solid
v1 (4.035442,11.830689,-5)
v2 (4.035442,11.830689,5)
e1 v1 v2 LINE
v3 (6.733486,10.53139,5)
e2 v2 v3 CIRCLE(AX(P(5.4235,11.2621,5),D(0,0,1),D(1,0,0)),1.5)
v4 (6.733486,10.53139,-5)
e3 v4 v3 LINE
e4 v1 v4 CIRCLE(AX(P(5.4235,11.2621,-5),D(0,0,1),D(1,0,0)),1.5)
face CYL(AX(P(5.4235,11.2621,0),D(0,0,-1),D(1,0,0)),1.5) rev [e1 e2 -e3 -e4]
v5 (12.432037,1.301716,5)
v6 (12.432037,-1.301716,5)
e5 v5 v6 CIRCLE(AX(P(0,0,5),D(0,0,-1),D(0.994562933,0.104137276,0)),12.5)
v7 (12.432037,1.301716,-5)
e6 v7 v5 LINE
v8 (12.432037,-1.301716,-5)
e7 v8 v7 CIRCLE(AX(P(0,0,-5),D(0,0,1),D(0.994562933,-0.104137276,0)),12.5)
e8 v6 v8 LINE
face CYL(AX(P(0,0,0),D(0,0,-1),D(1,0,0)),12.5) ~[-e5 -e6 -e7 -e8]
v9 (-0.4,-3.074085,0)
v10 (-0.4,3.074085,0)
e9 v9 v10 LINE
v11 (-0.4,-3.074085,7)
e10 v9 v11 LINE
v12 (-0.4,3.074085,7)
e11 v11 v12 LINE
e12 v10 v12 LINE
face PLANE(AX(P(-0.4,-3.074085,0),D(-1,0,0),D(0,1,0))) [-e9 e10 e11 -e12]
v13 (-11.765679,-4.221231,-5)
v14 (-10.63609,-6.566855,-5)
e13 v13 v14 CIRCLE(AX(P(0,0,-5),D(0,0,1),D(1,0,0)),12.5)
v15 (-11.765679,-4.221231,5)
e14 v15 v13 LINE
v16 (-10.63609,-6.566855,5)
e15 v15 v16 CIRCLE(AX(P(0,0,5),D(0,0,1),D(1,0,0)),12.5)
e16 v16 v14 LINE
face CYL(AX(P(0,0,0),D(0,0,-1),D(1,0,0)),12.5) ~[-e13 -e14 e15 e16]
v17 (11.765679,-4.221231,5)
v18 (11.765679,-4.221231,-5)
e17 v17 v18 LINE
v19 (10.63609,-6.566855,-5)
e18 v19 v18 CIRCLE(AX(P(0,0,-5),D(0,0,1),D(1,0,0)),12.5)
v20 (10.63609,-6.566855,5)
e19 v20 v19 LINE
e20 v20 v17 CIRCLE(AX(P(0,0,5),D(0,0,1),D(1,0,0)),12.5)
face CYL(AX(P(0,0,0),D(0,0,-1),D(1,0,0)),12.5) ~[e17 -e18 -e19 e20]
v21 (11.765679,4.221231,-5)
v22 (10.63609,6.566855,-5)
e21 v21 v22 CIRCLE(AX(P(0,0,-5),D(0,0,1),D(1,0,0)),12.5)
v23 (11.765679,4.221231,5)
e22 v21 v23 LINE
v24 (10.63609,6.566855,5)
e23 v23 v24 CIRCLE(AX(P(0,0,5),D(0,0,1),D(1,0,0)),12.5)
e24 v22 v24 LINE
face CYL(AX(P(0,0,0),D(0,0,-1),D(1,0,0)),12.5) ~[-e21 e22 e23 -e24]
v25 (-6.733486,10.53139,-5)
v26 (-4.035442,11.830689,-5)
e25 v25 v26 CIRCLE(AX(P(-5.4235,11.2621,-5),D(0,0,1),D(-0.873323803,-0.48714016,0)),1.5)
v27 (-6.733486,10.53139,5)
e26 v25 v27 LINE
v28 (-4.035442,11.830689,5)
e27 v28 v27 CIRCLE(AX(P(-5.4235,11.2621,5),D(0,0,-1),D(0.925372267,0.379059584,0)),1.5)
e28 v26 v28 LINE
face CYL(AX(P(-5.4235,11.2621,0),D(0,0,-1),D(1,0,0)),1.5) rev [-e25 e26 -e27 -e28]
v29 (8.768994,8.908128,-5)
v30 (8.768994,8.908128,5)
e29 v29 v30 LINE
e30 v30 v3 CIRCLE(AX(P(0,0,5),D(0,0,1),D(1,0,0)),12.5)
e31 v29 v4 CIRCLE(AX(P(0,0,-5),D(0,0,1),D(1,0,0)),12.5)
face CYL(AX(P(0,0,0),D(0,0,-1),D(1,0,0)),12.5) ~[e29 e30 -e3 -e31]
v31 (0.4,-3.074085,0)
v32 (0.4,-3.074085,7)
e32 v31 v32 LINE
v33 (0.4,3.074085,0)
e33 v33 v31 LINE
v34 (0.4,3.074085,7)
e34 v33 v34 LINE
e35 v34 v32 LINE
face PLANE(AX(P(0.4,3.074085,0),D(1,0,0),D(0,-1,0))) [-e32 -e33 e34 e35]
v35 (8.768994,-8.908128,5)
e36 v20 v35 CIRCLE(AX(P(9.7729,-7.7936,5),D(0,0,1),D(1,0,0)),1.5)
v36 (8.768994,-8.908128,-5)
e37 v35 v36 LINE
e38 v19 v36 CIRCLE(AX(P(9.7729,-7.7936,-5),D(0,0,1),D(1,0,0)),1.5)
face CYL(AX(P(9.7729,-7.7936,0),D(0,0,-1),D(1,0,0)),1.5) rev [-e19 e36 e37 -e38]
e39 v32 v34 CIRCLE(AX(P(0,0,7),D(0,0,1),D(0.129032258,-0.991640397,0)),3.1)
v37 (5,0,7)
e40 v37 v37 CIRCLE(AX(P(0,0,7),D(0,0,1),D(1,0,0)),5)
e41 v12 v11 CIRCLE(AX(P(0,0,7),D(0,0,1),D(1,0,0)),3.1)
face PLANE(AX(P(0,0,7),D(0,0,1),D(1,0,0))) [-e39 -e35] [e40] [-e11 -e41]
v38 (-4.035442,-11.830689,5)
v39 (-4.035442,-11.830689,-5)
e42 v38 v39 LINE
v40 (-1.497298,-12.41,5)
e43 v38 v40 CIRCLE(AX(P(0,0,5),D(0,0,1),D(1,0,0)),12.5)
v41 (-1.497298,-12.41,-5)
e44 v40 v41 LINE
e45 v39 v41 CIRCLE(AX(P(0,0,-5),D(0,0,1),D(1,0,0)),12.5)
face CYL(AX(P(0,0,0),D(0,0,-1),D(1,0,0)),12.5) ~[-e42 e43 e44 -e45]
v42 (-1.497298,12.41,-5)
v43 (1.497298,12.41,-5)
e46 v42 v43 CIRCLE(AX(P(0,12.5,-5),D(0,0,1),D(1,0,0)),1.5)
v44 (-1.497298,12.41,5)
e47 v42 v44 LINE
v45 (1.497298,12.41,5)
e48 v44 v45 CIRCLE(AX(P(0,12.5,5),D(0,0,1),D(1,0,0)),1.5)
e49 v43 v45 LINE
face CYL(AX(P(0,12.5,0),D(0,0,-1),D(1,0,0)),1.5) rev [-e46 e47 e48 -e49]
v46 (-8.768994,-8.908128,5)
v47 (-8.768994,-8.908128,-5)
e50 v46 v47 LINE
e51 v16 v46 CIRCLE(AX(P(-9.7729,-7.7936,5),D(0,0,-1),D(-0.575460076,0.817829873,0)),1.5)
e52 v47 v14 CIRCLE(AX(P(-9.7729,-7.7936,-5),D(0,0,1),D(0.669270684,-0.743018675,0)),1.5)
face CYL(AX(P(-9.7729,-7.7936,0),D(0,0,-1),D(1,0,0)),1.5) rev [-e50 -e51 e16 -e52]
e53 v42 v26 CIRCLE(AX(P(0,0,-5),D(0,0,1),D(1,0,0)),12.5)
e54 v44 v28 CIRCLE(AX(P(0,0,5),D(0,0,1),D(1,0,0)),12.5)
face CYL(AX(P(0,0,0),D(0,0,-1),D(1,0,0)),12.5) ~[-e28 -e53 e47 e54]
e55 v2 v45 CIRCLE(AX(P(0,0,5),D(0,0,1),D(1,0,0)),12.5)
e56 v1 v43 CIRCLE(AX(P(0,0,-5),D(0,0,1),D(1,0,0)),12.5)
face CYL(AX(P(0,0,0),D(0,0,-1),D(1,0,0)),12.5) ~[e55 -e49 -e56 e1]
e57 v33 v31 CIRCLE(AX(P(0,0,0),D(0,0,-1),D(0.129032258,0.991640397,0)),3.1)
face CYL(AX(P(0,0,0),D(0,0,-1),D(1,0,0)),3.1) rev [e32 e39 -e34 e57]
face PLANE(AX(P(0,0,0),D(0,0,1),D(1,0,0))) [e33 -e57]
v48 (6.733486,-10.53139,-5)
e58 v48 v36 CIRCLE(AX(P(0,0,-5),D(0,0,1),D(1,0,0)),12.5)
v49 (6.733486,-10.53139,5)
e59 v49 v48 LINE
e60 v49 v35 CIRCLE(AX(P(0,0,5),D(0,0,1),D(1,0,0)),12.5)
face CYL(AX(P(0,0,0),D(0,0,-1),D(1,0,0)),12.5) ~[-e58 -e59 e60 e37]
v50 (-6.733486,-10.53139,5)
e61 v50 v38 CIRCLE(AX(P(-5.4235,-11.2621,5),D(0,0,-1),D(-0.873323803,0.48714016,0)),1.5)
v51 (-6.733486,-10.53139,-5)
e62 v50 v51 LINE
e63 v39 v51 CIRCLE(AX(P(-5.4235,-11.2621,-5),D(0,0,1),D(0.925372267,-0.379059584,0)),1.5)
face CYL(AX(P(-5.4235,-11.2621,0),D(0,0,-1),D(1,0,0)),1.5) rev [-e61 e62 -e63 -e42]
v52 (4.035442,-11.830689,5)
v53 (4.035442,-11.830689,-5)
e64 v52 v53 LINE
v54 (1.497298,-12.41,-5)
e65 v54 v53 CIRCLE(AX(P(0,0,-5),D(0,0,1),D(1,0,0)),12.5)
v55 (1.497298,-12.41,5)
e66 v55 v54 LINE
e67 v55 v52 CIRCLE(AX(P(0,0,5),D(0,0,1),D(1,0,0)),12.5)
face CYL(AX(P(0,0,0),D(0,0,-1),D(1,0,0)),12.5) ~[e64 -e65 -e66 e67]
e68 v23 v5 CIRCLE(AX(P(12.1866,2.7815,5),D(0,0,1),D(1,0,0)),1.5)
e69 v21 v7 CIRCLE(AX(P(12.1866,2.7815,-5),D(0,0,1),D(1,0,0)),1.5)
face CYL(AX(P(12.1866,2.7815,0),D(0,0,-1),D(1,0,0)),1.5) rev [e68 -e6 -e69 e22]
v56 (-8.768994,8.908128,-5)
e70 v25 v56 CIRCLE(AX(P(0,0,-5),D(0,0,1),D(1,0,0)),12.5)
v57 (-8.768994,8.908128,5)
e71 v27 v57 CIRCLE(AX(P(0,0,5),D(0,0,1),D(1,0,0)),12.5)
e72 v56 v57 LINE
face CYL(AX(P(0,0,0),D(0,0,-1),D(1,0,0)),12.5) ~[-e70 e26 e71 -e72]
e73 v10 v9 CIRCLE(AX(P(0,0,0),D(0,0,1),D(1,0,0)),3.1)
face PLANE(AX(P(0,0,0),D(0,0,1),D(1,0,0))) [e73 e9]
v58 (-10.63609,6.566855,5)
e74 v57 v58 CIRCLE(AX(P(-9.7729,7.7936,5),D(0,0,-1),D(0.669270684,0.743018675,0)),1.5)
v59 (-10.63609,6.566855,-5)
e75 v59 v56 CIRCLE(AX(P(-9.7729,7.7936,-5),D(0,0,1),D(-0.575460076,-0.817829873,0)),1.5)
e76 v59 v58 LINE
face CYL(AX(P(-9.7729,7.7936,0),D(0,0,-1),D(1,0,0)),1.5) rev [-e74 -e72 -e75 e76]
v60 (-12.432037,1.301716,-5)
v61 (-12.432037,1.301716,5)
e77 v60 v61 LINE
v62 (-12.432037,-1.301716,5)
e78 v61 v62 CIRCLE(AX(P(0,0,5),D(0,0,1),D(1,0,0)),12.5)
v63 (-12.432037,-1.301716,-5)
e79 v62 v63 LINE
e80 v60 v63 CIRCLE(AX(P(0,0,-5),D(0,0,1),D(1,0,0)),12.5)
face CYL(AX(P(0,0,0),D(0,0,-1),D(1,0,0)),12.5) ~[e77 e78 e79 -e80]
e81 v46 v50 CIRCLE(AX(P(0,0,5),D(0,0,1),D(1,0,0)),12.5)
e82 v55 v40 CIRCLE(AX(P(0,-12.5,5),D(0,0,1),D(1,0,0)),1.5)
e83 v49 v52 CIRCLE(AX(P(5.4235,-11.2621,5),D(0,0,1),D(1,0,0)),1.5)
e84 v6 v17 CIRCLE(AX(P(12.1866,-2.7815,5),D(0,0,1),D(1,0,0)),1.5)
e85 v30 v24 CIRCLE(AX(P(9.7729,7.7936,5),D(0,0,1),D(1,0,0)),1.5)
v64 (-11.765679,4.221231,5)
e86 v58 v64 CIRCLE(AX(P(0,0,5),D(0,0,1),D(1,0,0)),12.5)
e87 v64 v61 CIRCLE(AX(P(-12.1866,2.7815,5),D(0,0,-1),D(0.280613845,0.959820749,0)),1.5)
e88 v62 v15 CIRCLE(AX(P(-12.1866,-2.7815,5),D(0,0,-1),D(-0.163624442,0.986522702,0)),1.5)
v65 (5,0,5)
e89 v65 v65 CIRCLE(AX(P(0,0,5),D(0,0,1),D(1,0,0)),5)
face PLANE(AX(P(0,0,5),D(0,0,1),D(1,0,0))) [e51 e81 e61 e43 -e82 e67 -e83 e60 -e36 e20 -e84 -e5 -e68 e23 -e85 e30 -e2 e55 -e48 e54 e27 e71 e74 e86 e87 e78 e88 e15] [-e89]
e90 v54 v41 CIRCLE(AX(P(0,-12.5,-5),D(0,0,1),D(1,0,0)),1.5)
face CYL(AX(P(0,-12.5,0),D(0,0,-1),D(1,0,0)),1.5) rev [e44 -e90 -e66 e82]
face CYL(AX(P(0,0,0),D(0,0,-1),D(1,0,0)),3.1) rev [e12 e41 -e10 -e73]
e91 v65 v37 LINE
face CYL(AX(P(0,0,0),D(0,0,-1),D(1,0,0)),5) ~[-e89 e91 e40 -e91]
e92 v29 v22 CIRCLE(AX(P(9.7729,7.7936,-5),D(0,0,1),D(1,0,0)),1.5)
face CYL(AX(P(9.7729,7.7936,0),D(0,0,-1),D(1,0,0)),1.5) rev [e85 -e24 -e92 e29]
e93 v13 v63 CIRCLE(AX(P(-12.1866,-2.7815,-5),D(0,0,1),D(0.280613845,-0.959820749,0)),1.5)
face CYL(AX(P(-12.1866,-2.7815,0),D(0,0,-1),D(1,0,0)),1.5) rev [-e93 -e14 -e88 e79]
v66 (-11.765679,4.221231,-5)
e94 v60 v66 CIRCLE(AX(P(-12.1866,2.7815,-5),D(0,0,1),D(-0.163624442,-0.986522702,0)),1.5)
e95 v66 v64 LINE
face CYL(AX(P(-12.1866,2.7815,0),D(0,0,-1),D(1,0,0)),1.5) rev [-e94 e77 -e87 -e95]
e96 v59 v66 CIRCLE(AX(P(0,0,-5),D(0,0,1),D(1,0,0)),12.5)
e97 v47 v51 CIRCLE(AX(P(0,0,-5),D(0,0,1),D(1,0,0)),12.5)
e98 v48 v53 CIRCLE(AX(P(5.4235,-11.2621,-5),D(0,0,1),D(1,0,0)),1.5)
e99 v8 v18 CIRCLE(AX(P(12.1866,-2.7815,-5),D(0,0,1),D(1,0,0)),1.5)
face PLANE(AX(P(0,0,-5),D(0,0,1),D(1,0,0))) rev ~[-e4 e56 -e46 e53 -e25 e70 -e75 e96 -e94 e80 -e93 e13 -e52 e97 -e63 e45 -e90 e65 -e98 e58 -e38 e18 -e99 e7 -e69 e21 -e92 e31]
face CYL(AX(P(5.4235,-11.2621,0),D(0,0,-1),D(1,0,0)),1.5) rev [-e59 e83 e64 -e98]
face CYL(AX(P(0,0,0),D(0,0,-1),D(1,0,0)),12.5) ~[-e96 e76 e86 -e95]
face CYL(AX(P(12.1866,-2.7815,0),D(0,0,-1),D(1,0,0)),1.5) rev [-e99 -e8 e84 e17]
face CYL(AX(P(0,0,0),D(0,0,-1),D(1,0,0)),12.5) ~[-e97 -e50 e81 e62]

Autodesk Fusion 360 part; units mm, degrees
sketch "Sketch1" plane through (0, 0, 0) normal (0, 0, 1) x (1, 0, 0)
  circle A0 centre (0, 0) radius 3.1
  line L0 (-0.4, 3.1) -> (0.4, 3.1)
  line L1 (0.4, 3.1) -> (0.4, -3.1)
  line L2 (0.4, -3.1) -> (-0.4, -3.1)
  line L3 (-0.4, -3.1) -> (-0.4, 3.1)
  line L4 (0, 0) -> (0, 3.1)
  circle A1 centre (0, 0) radius 5
  dimension "d1" = 6.2
  dimension "d2" = 0.8
  dimension "d3" = 6.2
  dimension "d4" = 10
extrude "Extrude1" add sketch "Sketch1" along normal blind 7 contours A0 L1 L3 | A0 L0 L1 | A0 L1 L2 | A0 L0 L3 | A0 L2 L3 | A1
sketch "Sketch2" plane through (0, 0, 0) normal (0, 0, 1) x (1, 0, 0)
  circle A0 centre (0, 0) radius 12.5
  circle A1 centre (0, -12.5) radius 1.5
  circle A2 centre (5.4235, -11.2621) radius 1.5
  circle A3 centre (9.7729, -7.7936) radius 1.5
  circle A4 centre (12.1866, -2.7815) radius 1.5
  circle A5 centre (12.1866, 2.7815) radius 1.5
  circle A6 centre (9.7729, 7.7936) radius 1.5
  circle A7 centre (5.4235, 11.2621) radius 1.5
  circle A8 centre (0, 12.5) radius 1.5
  circle A9 centre (-5.4235, 11.2621) radius 1.5
  circle A10 centre (-9.7729, 7.7936) radius 1.5
  circle A11 centre (-12.1866, 2.7815) radius 1.5
  circle A12 centre (-12.1866, -2.7815) radius 1.5
  circle A13 centre (-9.7729, -7.7936) radius 1.5
  circle A14 centre (-5.4235, -11.2621) radius 1.5
  circle A15 centre (0, 0) radius 5
  line L0 (12.5, 0.6) -> (5.5, 0.6)
  line L1 (5.5, 0.6) -> (5.5, -0.6)
  line L2 (5.5, -0.6) -> (12.5, -0.6)
  line L3 (12.5, -0.6) -> (12.5, 0.6)
  line L4 (0, 0) -> (12.5, 0)
  dimension "d7" = 25
  dimension "d8" = 3
  dimension "d10" = 360
  dimension "d13" = 10
  dimension "d16" = 7
  dimension "d17" = 1.2
extrude "Extrude2" add sketch "Sketch2" against normal blind 5 contours A0 L0 L1 L4 | A0 L1 L2 L4 | A15 | A0 A1 A2 A3 A4 A5 A6 A7 A8 A9 A10 A11 A12 A13 A14 L0 L1 L2
extrude "Extrude3" add sketch "Sketch2" along normal blind 5 contours A0 L0 L1 L4 | A0 L1 L2 L4 | A0 A1 A2 A3 A4 A5 A6 A7 A8 A9 A10 A11 A12 A13 A14 L0 L1 L2
